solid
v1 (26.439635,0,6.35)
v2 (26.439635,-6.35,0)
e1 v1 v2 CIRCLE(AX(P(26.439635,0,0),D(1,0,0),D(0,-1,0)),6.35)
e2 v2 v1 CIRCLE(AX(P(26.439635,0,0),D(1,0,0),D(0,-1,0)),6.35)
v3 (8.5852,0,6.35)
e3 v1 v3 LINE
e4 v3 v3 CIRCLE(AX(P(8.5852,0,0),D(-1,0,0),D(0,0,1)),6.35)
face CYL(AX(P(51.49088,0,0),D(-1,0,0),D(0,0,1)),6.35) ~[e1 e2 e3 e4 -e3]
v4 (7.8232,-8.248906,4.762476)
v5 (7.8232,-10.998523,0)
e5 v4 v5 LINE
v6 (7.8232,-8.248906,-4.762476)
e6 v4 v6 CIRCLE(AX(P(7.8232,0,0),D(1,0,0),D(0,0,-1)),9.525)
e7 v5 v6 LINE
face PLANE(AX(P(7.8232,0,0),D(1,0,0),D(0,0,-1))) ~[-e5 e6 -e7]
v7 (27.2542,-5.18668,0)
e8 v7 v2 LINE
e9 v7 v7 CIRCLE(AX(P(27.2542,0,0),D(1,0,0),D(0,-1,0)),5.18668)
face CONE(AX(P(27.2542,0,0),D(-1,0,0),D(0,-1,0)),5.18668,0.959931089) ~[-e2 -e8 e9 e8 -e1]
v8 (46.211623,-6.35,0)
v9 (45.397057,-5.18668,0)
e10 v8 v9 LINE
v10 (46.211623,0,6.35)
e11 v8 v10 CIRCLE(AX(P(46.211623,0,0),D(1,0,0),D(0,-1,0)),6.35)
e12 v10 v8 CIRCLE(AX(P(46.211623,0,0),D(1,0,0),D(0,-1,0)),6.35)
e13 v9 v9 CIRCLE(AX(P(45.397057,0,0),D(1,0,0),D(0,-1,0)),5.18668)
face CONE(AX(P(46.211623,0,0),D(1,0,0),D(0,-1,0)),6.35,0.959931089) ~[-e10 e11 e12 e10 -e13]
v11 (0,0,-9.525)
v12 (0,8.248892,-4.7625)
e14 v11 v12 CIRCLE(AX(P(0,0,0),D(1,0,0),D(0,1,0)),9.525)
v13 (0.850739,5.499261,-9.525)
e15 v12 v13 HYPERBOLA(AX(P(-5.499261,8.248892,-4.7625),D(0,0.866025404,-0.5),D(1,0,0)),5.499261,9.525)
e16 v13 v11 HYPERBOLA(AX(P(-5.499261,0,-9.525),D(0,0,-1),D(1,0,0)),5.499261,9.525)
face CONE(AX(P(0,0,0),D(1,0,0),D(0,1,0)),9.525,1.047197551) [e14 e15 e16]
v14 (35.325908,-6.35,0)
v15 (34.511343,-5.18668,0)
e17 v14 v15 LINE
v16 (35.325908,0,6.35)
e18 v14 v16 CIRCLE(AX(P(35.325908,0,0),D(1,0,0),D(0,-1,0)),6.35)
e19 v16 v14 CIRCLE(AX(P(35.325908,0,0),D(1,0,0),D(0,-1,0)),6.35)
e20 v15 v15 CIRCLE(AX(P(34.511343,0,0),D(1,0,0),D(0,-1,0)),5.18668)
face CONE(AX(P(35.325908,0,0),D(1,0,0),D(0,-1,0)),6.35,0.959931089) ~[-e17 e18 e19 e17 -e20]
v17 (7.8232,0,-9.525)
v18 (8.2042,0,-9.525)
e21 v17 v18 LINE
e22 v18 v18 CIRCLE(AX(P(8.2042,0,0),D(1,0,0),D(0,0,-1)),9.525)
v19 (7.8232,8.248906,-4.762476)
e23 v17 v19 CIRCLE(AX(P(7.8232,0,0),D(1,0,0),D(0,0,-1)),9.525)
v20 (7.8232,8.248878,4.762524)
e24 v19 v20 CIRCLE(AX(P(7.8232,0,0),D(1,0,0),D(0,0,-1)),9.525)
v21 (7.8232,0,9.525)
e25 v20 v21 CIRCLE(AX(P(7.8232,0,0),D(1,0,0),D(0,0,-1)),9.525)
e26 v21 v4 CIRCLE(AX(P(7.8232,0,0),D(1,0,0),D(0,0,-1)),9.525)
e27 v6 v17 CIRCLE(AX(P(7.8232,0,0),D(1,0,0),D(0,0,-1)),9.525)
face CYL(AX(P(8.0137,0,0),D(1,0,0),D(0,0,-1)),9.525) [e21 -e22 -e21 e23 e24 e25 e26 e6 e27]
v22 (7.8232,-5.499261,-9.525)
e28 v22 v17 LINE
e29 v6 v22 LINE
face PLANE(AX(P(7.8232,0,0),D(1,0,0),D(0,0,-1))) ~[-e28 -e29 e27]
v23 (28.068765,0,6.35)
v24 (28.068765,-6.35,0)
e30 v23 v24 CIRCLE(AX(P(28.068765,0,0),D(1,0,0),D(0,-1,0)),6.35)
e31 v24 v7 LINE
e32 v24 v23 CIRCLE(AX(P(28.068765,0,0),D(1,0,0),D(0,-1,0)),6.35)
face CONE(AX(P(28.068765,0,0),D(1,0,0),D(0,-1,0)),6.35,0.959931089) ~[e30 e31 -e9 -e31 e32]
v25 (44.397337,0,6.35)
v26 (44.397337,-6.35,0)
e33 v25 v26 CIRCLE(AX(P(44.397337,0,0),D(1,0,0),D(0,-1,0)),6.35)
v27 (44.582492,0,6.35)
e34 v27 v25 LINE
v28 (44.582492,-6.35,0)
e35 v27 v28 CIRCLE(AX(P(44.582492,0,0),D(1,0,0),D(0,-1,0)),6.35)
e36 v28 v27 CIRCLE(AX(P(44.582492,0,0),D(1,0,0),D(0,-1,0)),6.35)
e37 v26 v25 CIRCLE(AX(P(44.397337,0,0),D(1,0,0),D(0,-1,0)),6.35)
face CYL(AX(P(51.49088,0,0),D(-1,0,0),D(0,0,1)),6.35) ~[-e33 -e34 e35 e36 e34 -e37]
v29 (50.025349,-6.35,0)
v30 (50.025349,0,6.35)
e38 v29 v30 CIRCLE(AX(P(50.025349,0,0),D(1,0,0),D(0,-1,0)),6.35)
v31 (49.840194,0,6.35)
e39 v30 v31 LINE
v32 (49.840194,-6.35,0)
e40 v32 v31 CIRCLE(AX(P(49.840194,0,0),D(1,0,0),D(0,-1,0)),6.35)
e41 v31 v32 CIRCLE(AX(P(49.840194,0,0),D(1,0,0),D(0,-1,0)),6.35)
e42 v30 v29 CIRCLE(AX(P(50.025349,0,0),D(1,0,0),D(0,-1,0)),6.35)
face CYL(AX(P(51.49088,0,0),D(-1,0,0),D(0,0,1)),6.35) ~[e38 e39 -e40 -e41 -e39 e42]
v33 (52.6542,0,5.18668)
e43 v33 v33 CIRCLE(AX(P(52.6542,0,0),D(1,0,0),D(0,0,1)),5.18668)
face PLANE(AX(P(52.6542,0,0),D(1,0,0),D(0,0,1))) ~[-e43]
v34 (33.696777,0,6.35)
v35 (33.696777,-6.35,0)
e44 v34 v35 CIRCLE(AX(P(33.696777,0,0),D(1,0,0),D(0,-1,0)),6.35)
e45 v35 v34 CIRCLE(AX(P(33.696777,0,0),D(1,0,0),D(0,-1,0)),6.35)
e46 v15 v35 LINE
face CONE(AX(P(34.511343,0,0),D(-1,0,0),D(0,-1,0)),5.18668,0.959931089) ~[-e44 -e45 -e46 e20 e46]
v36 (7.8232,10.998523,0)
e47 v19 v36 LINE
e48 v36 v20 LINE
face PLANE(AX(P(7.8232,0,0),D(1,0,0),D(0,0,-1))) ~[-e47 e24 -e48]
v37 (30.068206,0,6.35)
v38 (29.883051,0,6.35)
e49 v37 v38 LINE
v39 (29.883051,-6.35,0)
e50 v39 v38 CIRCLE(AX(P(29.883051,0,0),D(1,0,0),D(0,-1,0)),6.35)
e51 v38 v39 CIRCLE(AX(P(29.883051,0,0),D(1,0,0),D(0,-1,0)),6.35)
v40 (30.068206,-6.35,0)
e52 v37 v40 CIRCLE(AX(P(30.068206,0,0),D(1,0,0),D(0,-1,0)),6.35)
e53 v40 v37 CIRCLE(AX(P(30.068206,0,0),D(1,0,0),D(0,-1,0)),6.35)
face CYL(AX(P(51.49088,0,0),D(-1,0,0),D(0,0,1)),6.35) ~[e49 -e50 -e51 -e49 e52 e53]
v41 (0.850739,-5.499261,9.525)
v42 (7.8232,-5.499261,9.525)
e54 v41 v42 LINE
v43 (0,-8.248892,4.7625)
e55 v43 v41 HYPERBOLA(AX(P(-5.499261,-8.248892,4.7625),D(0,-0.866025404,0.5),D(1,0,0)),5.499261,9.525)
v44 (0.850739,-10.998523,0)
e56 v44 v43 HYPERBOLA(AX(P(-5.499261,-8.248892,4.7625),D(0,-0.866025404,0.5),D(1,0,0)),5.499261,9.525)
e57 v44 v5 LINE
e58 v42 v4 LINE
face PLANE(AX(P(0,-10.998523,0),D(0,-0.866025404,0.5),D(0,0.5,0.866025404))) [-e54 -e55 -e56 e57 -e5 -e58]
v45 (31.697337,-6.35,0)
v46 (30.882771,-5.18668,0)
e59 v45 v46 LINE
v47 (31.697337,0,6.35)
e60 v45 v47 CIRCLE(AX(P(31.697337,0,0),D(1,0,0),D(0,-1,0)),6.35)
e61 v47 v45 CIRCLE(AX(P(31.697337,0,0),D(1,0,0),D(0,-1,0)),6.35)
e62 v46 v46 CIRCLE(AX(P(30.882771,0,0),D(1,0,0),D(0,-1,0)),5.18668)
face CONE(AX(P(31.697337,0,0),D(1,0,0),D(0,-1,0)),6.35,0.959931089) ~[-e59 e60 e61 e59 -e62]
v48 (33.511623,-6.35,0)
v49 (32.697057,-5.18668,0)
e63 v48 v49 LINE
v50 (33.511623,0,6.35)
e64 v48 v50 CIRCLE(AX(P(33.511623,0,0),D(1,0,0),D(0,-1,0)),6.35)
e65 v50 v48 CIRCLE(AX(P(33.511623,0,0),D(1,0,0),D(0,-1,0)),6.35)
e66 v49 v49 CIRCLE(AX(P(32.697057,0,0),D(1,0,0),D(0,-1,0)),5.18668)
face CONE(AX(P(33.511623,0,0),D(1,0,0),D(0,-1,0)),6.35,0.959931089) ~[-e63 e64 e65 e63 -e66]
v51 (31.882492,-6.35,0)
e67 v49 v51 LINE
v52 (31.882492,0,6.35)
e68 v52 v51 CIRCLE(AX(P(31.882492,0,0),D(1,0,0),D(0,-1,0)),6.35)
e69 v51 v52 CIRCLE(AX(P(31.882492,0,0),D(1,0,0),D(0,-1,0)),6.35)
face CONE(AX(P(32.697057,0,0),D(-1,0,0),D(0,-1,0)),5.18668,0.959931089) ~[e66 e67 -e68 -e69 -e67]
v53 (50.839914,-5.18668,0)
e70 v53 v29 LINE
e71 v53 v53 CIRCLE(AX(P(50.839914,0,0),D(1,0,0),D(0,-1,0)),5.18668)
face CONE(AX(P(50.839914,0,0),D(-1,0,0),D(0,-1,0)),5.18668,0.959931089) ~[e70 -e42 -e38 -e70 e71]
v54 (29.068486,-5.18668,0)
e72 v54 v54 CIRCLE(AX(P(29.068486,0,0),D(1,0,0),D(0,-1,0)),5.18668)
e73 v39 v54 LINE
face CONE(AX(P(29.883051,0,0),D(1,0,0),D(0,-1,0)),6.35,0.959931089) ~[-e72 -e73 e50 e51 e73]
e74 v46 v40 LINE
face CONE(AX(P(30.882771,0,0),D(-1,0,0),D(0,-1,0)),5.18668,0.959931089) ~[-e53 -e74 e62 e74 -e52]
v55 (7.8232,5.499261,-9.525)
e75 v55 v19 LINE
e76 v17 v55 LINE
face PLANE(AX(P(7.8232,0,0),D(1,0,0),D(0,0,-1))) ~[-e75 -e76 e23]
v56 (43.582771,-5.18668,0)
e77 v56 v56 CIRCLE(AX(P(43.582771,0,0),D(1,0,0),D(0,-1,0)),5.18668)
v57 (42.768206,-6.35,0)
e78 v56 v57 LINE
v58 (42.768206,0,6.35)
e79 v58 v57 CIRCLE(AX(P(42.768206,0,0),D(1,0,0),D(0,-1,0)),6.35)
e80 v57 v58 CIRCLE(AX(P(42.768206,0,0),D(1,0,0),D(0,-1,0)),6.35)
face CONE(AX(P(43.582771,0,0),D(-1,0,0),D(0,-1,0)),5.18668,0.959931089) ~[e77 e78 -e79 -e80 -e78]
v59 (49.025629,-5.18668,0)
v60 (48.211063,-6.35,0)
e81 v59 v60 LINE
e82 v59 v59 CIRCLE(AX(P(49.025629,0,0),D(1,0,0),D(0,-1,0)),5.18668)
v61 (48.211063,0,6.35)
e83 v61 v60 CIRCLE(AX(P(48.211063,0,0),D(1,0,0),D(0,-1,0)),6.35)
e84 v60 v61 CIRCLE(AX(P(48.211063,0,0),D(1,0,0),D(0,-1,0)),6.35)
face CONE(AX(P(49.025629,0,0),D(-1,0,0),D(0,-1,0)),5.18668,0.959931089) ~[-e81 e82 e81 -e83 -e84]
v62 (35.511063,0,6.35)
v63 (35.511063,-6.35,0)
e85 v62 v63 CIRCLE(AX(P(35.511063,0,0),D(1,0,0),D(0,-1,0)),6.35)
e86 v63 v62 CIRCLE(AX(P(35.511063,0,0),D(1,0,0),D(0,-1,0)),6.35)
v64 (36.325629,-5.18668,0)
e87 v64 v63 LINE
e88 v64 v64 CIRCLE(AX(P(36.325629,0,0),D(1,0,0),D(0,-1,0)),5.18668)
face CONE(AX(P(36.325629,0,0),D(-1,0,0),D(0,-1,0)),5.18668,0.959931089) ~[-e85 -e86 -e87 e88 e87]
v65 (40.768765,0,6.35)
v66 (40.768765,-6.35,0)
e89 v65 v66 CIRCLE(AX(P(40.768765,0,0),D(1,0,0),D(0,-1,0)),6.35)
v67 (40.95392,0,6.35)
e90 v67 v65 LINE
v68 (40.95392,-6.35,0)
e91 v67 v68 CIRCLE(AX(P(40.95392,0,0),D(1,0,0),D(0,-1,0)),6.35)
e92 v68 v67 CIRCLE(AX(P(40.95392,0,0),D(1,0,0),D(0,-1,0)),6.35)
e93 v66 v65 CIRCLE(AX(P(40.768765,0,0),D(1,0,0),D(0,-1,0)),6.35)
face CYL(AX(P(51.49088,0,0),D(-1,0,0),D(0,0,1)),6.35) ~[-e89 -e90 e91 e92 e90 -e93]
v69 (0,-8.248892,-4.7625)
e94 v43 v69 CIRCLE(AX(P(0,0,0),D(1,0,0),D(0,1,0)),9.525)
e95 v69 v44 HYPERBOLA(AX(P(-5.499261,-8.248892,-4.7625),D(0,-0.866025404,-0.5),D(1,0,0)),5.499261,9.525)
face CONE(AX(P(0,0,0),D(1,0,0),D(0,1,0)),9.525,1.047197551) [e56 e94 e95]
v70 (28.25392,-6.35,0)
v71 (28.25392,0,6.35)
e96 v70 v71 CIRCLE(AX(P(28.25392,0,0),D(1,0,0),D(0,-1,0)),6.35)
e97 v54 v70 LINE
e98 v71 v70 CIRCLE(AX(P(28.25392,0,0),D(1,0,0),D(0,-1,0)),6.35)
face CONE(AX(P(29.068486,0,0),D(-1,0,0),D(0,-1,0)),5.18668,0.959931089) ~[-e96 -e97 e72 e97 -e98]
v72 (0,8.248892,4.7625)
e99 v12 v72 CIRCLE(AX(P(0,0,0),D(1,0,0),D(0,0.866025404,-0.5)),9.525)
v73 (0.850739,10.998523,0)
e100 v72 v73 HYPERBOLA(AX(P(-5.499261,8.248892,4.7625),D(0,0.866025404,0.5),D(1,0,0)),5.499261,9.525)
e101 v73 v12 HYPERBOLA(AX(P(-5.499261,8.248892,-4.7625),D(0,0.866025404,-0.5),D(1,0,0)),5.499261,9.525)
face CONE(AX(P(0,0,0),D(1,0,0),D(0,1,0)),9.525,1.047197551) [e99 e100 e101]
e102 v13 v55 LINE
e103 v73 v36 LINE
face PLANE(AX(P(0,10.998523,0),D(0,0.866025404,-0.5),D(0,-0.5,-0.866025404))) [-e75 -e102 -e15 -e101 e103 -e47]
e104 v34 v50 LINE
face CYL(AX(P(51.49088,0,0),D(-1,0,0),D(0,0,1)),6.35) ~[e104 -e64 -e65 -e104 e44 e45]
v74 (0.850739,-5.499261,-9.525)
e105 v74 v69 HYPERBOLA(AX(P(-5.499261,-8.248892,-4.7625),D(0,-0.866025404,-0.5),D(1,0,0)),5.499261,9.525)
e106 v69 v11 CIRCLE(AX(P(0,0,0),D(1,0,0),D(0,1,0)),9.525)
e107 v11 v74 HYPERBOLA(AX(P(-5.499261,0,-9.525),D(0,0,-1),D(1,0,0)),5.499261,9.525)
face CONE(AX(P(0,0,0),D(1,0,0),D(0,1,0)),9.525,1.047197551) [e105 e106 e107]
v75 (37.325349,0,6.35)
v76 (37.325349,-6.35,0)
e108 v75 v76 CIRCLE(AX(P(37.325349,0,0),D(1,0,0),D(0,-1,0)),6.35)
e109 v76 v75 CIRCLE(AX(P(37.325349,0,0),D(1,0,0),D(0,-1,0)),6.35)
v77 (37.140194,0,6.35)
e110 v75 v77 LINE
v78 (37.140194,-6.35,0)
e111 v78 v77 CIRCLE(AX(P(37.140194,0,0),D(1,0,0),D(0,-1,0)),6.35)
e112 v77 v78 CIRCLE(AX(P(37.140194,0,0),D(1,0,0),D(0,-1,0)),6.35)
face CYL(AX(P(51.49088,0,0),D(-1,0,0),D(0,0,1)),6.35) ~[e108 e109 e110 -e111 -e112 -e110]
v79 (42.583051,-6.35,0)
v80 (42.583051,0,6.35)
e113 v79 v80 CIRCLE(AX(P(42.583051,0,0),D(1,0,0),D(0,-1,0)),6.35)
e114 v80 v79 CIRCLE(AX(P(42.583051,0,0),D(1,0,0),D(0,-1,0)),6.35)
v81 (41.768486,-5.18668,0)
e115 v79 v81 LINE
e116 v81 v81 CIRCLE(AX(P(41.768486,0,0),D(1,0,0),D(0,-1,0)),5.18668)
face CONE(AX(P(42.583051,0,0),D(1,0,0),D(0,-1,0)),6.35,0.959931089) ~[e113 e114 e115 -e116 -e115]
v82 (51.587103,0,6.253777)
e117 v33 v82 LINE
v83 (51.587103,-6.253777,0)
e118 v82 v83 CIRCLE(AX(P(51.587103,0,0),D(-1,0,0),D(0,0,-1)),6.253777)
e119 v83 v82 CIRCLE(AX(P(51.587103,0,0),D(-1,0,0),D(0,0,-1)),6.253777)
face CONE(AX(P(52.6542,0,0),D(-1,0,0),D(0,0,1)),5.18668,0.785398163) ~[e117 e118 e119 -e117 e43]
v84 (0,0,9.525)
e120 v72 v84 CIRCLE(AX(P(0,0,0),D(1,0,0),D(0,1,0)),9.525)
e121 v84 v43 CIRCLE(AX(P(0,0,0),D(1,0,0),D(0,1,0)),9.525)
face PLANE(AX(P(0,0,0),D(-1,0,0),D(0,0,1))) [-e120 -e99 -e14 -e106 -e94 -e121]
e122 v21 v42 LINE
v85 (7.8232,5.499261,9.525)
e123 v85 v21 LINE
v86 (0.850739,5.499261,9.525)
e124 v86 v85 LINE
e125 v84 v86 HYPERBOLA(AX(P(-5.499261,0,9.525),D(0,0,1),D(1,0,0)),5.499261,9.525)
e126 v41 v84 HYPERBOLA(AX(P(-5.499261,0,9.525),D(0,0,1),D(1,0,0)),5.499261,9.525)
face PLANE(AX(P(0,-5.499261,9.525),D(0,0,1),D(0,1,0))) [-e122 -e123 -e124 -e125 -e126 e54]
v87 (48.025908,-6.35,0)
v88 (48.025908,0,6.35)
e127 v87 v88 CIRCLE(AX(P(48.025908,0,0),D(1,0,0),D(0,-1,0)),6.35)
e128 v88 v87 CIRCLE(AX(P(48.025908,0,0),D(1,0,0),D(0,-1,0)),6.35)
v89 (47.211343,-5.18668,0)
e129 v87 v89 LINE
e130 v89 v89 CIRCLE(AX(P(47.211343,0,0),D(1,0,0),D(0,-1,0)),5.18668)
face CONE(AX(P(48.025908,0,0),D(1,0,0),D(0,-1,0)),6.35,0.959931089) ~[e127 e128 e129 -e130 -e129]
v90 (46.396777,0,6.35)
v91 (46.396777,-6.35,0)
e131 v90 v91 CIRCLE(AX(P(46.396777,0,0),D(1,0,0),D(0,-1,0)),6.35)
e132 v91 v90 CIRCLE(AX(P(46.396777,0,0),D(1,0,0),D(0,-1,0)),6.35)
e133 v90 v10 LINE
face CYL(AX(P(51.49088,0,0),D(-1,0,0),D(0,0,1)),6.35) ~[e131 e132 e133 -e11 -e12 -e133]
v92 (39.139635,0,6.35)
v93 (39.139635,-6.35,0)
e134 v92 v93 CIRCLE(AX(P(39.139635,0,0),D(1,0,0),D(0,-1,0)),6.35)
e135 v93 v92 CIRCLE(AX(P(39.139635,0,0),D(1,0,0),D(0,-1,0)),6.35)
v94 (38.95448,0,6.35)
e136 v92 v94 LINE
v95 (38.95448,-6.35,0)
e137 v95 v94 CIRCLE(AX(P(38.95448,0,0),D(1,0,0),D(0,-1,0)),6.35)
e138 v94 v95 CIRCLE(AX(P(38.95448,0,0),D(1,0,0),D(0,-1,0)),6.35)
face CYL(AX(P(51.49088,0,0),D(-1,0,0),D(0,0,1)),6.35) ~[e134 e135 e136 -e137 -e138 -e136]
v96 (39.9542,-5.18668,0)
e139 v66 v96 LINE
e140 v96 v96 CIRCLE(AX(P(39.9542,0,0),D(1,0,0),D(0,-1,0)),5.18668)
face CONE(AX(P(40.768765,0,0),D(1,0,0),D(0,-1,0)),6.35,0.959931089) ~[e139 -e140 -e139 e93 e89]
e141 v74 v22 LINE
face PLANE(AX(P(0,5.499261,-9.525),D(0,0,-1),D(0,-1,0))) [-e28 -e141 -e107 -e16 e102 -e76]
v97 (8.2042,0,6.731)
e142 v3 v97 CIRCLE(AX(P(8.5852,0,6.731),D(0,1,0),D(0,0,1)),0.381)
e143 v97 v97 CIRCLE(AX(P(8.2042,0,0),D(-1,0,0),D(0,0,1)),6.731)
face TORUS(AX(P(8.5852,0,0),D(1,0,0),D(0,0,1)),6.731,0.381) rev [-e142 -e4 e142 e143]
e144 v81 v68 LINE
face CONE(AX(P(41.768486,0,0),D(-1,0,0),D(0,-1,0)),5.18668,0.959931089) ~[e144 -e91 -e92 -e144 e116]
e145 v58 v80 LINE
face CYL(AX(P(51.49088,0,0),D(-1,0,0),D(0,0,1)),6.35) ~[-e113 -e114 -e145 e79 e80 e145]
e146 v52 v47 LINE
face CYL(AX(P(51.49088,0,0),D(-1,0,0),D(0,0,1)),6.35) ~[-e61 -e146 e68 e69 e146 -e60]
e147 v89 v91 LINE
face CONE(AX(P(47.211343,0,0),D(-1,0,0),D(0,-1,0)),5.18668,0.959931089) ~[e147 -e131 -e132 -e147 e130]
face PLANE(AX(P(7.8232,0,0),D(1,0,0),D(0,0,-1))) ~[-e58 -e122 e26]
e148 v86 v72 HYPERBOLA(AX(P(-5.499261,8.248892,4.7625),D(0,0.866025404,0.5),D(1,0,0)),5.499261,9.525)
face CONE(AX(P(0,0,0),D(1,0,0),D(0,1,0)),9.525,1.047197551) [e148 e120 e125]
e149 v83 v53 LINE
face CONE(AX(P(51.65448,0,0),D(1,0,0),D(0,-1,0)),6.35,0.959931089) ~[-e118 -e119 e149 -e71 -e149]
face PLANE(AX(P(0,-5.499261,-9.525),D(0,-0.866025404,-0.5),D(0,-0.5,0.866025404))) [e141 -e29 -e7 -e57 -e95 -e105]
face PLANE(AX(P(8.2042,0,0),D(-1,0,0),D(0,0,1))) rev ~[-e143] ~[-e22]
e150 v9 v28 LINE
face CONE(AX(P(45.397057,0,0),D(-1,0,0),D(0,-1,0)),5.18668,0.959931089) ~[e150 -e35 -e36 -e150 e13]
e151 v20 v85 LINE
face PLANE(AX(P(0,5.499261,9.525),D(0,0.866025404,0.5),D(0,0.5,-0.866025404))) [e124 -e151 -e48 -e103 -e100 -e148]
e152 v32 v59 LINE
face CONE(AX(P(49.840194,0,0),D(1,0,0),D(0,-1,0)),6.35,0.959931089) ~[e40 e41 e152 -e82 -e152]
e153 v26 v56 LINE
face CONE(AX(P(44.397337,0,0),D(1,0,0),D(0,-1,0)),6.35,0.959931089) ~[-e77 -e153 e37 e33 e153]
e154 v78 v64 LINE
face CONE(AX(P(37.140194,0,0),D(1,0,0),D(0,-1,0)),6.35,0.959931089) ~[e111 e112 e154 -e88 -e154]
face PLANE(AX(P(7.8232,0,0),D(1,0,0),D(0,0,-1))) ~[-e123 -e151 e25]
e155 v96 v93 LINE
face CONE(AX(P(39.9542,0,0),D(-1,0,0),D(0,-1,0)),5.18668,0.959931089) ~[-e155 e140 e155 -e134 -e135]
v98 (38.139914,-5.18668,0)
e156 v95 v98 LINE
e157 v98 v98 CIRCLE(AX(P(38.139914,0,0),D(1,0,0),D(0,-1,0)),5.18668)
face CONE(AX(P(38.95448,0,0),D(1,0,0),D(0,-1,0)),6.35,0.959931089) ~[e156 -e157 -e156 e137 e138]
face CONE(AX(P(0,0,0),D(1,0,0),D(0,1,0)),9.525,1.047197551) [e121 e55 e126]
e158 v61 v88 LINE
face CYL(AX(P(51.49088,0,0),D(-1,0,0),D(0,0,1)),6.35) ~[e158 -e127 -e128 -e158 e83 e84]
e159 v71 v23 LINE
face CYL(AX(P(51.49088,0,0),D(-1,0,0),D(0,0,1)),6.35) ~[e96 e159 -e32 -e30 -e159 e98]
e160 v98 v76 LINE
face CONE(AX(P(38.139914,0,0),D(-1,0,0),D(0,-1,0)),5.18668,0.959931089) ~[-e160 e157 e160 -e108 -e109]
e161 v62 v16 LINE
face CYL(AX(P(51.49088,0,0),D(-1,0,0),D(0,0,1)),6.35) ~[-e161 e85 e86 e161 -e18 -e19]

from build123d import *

# Parameters (mm, degrees)
BASEHEAD_DEPTH  = 8.2042
SKETCH4_W       = 0.381
SKETCH4_H       = 26.873522628
HEADFILLET_R    = 0.381
THDSCHPAT_COUNT = 14
THDSCHPAT_PITCH = 1.814285714


with BuildPart() as part:
    # Sketch1 → BaseHead (new body)
    with BuildSketch(Plane(origin=(0, 0, 0), x_dir=(0, 0, -1), z_dir=(1, 0, 0))):
        Polygon((9.525, 5.499261314), (9.525, -5.499261314), (0, -10.998522628), (-9.525, -5.499261314), (-9.525, 5.499261314), (0, 10.998522628), align=None)
    extrude(amount=BASEHEAD_DEPTH)

    # BodySke → BaseBody (revolve)
    with BuildSketch(Plane.XY, mode=Mode.PRIVATE) as basebody_sk:
        Polygon((0, 0), (52.6542, 0), (52.6542, 5.18668), (51.49088, 6.35), (0, 6.35), align=None)
    revolve(basebody_sk.sketch.rotate(Axis((0, 0, 0), (1, 0, 0)), 90), axis=Axis((0, 0, 0), (1, 0, 0)))

    # Sketch3 → HeadChamfer (revolve, cut)
    with BuildSketch(Plane.XY):
        Polygon((0, 9.525), (4.516912895, 17.348522628), (4.516912895, 23.698522628), (-12.7, 23.698522628), (-12.7, 9.525), align=None)
    revolve(axis=Axis((0, 0, 0), (1, 0, 0)), mode=Mode.SUBTRACT)

    # Sketch4 → BearingFace (revolve, cut)
    with BuildSketch(Plane.XY, mode=Mode.PRIVATE) as bearingface_sk:
        with Locations((8.0137, 22.961761314)):
            Rectangle(SKETCH4_W, SKETCH4_H)
    revolve(bearingface_sk.sketch.rotate(Axis((0, 0, 0), (1, 0, 0)), 270), axis=Axis((0, 0, 0), (1, 0, 0)), mode=Mode.SUBTRACT)

    # HeadFillet
    headfillet_edges = [part.edges().sort_by_distance(p)[0] for p in [
        (8.2042, 0, -6.35),
    ]]
    fillet(headfillet_edges, radius=HEADFILLET_R)

    # ThdSchSke → ThreadSchematic (revolve, cut)
    with BuildSketch(Plane.XY):
        Polygon((27.2542, -5.18668), (26.439634567, -6.35), (26.439634567, -7.9375), (28.068765433, -7.9375), (28.068765433, -6.35), align=None)
    threadschematic = revolve(axis=Axis((-3.175, 0, 0), (1, 0, 0)), mode=Mode.SUBTRACT)

    # ThdSchPat: ThreadSchematic ×14
    with Locations(*[(i * THDSCHPAT_PITCH, 0, 0) for i in range(1, THDSCHPAT_COUNT)]):
        add(threadschematic, mode=Mode.SUBTRACT)


solid = part.part
